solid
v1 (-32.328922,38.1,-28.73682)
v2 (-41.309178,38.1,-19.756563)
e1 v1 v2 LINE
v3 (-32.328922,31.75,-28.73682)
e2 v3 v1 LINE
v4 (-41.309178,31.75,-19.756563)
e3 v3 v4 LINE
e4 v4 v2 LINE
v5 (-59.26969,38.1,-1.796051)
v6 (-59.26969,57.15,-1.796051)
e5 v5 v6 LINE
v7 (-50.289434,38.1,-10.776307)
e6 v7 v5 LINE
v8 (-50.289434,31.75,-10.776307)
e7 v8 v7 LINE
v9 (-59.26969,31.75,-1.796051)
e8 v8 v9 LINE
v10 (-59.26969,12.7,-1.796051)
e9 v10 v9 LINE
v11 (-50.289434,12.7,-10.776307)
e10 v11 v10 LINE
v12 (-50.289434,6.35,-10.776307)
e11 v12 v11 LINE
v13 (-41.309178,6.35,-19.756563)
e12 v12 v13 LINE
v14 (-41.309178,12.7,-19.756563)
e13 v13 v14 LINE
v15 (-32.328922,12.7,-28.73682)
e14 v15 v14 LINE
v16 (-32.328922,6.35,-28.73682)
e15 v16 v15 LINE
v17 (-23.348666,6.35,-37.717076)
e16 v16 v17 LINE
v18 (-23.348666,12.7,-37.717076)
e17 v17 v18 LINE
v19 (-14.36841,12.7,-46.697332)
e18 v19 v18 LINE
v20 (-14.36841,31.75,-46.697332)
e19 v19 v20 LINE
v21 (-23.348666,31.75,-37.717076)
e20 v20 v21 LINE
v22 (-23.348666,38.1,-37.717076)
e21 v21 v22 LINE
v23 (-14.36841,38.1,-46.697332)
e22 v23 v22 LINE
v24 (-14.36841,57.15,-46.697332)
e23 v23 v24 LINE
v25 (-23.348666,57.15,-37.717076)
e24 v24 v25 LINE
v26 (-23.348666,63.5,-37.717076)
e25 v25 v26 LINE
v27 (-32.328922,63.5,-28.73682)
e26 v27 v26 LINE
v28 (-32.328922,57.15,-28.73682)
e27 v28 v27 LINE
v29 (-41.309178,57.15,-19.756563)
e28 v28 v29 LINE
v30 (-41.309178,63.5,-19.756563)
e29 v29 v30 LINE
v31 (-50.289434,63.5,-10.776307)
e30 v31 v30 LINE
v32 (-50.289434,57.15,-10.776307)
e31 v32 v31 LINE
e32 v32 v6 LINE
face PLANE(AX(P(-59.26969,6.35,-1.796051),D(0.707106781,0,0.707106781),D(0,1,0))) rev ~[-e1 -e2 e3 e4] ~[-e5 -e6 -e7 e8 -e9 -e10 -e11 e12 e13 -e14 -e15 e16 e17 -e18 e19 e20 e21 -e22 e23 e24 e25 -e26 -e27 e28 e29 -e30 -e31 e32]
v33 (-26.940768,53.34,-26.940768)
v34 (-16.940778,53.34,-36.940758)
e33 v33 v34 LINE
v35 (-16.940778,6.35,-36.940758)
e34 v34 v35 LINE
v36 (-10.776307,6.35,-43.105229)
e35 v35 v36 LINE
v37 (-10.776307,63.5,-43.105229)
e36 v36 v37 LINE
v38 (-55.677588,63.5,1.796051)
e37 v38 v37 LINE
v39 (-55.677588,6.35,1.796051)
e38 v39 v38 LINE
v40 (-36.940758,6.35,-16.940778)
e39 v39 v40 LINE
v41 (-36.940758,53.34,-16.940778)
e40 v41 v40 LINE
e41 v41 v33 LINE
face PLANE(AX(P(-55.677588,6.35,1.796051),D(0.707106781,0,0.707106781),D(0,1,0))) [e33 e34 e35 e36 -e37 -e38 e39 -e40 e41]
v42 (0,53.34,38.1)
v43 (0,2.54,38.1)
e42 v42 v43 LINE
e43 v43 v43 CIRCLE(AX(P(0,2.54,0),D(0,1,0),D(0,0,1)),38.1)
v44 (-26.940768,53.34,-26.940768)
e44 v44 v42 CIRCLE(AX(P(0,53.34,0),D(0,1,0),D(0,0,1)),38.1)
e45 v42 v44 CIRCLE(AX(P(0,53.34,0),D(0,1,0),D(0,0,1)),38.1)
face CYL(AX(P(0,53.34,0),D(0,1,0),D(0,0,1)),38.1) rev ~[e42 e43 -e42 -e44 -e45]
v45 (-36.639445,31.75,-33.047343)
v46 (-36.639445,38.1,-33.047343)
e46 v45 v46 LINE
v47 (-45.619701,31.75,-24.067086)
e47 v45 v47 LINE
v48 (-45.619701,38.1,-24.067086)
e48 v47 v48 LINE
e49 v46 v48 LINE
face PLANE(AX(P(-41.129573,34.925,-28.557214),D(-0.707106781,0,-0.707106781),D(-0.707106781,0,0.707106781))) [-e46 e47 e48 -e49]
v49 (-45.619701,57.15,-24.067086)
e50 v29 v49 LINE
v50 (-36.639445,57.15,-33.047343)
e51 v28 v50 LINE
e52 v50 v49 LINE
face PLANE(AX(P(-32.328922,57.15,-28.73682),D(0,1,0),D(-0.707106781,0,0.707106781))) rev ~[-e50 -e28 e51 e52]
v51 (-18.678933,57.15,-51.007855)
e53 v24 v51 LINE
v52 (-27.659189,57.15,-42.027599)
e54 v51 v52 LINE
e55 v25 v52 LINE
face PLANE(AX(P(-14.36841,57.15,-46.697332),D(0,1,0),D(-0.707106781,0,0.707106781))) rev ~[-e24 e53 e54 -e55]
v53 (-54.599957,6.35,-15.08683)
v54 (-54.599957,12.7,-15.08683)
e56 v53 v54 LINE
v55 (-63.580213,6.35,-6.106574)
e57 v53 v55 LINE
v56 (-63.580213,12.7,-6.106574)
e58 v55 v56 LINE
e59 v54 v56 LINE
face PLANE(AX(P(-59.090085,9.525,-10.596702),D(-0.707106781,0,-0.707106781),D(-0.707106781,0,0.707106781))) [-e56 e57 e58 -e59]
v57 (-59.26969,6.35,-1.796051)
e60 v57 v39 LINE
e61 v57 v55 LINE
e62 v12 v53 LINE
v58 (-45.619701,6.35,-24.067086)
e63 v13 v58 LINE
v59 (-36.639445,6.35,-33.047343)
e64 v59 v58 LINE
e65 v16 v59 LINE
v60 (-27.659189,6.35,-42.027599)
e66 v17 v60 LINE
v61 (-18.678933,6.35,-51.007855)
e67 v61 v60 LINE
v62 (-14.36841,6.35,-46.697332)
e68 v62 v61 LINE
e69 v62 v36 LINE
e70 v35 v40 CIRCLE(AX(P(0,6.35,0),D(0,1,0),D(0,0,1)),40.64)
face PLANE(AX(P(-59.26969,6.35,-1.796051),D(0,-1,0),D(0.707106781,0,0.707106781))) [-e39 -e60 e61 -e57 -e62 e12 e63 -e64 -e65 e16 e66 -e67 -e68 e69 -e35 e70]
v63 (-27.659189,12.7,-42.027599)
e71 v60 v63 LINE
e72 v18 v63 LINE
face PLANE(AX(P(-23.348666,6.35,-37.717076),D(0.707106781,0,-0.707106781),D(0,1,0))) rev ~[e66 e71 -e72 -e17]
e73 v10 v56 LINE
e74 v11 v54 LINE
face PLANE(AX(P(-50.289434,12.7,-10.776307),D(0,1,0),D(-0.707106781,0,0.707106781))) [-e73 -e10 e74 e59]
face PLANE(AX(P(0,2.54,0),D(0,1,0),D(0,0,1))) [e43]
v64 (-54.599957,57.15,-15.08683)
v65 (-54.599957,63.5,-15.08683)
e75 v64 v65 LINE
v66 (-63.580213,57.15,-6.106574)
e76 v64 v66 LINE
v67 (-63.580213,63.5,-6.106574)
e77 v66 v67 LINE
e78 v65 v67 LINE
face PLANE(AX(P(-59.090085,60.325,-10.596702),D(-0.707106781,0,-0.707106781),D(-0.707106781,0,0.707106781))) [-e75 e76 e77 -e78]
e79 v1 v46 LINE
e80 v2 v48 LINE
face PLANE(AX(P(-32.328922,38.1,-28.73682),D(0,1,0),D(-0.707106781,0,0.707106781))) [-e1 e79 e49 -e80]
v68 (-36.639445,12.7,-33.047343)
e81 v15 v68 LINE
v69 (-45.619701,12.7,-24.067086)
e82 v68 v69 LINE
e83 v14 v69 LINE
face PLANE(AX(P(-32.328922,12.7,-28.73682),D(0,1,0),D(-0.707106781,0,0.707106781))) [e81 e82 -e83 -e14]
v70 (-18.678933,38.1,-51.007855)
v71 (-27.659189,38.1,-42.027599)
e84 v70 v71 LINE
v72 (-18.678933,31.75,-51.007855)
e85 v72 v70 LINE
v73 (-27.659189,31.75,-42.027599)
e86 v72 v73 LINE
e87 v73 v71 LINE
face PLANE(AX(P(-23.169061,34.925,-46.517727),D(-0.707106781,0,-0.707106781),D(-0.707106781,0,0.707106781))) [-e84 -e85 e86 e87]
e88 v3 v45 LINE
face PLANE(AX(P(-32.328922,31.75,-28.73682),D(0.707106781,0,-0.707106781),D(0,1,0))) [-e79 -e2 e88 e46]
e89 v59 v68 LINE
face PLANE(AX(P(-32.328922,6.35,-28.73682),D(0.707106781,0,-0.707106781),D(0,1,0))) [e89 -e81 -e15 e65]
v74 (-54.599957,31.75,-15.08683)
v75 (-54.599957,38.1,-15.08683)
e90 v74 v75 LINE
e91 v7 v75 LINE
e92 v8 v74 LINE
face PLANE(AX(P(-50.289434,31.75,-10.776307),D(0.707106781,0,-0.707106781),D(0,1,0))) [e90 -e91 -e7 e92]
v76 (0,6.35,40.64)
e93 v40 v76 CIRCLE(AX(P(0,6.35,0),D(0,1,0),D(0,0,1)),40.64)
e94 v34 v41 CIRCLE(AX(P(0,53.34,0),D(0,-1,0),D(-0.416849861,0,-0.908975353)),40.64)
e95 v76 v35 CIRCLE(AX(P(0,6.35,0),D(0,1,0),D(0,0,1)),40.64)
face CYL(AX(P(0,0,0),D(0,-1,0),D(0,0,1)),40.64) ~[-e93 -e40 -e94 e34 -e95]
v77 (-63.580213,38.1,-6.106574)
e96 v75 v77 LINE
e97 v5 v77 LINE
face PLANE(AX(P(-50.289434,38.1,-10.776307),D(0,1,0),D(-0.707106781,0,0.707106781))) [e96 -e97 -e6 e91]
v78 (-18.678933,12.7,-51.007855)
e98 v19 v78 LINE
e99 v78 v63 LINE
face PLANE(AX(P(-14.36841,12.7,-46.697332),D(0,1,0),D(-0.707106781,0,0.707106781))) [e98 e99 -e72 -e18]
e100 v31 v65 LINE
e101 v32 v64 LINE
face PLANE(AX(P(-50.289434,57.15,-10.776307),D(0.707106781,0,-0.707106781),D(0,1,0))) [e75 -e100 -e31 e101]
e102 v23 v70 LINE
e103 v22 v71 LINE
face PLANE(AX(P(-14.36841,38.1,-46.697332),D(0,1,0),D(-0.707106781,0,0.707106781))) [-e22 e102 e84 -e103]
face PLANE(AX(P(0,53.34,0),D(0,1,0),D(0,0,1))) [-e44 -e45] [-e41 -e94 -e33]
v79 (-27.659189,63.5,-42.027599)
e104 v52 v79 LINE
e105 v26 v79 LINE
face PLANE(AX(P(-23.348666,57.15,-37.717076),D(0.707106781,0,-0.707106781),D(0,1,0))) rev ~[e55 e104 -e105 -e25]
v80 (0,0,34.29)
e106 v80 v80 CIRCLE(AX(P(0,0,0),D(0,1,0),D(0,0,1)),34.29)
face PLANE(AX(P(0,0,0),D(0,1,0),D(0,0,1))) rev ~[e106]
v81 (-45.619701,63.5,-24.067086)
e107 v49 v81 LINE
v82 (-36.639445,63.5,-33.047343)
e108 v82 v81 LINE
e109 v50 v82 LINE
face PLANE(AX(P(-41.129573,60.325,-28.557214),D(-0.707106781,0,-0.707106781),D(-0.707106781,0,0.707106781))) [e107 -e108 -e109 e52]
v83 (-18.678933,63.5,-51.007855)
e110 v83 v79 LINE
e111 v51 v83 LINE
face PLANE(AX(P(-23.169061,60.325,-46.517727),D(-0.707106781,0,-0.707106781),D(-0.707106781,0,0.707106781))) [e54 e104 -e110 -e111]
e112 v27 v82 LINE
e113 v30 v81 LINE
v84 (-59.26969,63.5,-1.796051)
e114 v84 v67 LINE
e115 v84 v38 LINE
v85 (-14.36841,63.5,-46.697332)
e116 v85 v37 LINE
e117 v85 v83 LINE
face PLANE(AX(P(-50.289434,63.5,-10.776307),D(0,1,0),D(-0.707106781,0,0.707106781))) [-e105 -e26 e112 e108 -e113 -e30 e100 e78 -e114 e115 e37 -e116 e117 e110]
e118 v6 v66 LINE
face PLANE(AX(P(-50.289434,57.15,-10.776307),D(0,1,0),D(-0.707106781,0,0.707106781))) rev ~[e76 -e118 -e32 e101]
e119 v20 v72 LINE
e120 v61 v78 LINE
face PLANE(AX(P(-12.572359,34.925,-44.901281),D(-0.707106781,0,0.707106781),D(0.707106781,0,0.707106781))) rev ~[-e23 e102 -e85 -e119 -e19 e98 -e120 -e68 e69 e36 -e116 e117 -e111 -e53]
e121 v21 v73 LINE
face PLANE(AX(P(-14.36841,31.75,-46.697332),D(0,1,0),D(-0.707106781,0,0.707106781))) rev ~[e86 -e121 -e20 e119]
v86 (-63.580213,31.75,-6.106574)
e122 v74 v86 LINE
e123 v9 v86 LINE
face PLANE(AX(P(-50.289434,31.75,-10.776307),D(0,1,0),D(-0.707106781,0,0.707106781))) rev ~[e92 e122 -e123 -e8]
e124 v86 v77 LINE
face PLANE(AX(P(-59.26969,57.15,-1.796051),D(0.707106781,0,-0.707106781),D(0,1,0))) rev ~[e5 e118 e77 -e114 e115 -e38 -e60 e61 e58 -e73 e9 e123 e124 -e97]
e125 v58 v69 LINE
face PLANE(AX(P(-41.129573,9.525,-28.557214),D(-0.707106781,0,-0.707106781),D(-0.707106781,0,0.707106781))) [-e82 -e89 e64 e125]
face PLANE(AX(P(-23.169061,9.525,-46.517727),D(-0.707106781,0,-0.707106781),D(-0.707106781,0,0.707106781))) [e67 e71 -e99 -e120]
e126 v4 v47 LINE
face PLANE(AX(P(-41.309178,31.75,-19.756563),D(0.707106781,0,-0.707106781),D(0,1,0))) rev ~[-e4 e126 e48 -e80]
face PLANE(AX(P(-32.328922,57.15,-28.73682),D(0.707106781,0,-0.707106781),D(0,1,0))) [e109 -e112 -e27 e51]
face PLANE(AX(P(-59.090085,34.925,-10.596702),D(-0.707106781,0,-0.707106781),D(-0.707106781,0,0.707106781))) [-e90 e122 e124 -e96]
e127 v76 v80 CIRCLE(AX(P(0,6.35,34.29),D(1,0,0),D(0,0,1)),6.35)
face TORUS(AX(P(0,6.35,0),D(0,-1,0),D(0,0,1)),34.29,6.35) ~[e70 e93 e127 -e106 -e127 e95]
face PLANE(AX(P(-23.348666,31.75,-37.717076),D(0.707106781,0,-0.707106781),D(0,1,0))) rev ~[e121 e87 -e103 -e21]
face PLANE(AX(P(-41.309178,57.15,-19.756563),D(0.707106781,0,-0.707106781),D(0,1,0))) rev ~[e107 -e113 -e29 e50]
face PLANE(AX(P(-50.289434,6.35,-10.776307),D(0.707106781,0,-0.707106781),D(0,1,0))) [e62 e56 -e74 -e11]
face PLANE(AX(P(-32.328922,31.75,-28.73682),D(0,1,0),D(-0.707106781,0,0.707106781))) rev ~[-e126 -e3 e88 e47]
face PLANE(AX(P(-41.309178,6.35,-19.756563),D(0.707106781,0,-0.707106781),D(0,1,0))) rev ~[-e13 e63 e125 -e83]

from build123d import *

# Parameters (mm, degrees)
SKETCH1_R           = 40.64
BOSS_EXTRUDE1_DEPTH = 53.34
FILLET1_R           = 6.35
SKETCH2_R           = 38.1
CUT_EXTRUDE1_DEPTH  = 50.8
SKETCH7_W           = 5.08
SKETCH7_H           = 57.15
BOSS_EXTRUDE3_DEPTH = 63.5
SKETCH8_W           = 12.7
SKETCH8_H           = 6.35
BOSS_EXTRUDE4_DEPTH = 6.096


with BuildPart() as part:
    # Sketch1 → Boss-Extrude1 (new body)
    with BuildSketch(Plane(origin=(0, 0, 0), x_dir=(1, 0, 0), z_dir=(0, 1, 0))):
        with Locations(Location((0, 0, 0), (0, 0, 270))):
            Circle(SKETCH1_R)
    extrude(amount=BOSS_EXTRUDE1_DEPTH)

    # Fillet1
    fillet1_edges = [part.edges().sort_by_distance(p)[0] for p in [
        (0, 0, -40.64),
    ]]
    fillet(fillet1_edges, radius=FILLET1_R)

    # Sketch2 → Cut-Extrude1 (cut)
    with BuildSketch(Plane(origin=(0, 53.34, 0), x_dir=(1, 0, 0), z_dir=(0, 1, 0))):
        with Locations(Location((0, 0, 0), (0, 0, 270))):
            Circle(SKETCH2_R)
    extrude(amount=-CUT_EXTRUDE1_DEPTH, mode=Mode.SUBTRACT)



with BuildPart() as body_2:
    # Sketch7 → Boss-Extrude3 (new body)
    with BuildSketch(Plane(origin=(-28.736819587, 0, 28.736819587), x_dir=(0.7071067811865477, 0, 0.7071067811865475), z_dir=(-0.7071067811865475, 0, 0.7071067811865477))):
        with Locations((-40.64, 34.925)):
            Rectangle(SKETCH7_W, SKETCH7_H)
    extrude(amount=-BOSS_EXTRUDE3_DEPTH)


with BuildPart() as part_1:
    add(part.part)

    add(body_2.part)  # Boss-Extrude4 merges body 2
    # Sketch8 → Boss-Extrude4 (add)
    with BuildSketch(Plane(origin=(-30.532870812, 0, -30.532870812), x_dir=(-0.7071067811865474, 0, 0.7071067811865477), z_dir=(-0.7071067811865477, 0, -0.7071067811865474))):
        with Locations((34.29, 60.325)):
            Rectangle(SKETCH8_W, SKETCH8_H)
        with Locations((34.29, 34.925)):
            Rectangle(SKETCH8_W, SKETCH8_H)
        with Locations((8.89, 60.325)):
            Rectangle(SKETCH8_W, SKETCH8_H)
        with Locations((34.29, 9.525)):
            Rectangle(SKETCH8_W, SKETCH8_H)
        with Locations((8.89, 34.925)):
            Rectangle(SKETCH8_W, SKETCH8_H)
        with Locations((8.89, 9.525)):
            Rectangle(SKETCH8_W, SKETCH8_H)
        with Locations((-16.51, 60.325)):
            Rectangle(SKETCH8_W, SKETCH8_H)
        with Locations((-16.51, 34.925)):
            Rectangle(SKETCH8_W, SKETCH8_H)
        with Locations((-16.51, 9.525)):
            Rectangle(SKETCH8_W, SKETCH8_H)
    extrude(amount=BOSS_EXTRUDE4_DEPTH)


solid = part_1.part
